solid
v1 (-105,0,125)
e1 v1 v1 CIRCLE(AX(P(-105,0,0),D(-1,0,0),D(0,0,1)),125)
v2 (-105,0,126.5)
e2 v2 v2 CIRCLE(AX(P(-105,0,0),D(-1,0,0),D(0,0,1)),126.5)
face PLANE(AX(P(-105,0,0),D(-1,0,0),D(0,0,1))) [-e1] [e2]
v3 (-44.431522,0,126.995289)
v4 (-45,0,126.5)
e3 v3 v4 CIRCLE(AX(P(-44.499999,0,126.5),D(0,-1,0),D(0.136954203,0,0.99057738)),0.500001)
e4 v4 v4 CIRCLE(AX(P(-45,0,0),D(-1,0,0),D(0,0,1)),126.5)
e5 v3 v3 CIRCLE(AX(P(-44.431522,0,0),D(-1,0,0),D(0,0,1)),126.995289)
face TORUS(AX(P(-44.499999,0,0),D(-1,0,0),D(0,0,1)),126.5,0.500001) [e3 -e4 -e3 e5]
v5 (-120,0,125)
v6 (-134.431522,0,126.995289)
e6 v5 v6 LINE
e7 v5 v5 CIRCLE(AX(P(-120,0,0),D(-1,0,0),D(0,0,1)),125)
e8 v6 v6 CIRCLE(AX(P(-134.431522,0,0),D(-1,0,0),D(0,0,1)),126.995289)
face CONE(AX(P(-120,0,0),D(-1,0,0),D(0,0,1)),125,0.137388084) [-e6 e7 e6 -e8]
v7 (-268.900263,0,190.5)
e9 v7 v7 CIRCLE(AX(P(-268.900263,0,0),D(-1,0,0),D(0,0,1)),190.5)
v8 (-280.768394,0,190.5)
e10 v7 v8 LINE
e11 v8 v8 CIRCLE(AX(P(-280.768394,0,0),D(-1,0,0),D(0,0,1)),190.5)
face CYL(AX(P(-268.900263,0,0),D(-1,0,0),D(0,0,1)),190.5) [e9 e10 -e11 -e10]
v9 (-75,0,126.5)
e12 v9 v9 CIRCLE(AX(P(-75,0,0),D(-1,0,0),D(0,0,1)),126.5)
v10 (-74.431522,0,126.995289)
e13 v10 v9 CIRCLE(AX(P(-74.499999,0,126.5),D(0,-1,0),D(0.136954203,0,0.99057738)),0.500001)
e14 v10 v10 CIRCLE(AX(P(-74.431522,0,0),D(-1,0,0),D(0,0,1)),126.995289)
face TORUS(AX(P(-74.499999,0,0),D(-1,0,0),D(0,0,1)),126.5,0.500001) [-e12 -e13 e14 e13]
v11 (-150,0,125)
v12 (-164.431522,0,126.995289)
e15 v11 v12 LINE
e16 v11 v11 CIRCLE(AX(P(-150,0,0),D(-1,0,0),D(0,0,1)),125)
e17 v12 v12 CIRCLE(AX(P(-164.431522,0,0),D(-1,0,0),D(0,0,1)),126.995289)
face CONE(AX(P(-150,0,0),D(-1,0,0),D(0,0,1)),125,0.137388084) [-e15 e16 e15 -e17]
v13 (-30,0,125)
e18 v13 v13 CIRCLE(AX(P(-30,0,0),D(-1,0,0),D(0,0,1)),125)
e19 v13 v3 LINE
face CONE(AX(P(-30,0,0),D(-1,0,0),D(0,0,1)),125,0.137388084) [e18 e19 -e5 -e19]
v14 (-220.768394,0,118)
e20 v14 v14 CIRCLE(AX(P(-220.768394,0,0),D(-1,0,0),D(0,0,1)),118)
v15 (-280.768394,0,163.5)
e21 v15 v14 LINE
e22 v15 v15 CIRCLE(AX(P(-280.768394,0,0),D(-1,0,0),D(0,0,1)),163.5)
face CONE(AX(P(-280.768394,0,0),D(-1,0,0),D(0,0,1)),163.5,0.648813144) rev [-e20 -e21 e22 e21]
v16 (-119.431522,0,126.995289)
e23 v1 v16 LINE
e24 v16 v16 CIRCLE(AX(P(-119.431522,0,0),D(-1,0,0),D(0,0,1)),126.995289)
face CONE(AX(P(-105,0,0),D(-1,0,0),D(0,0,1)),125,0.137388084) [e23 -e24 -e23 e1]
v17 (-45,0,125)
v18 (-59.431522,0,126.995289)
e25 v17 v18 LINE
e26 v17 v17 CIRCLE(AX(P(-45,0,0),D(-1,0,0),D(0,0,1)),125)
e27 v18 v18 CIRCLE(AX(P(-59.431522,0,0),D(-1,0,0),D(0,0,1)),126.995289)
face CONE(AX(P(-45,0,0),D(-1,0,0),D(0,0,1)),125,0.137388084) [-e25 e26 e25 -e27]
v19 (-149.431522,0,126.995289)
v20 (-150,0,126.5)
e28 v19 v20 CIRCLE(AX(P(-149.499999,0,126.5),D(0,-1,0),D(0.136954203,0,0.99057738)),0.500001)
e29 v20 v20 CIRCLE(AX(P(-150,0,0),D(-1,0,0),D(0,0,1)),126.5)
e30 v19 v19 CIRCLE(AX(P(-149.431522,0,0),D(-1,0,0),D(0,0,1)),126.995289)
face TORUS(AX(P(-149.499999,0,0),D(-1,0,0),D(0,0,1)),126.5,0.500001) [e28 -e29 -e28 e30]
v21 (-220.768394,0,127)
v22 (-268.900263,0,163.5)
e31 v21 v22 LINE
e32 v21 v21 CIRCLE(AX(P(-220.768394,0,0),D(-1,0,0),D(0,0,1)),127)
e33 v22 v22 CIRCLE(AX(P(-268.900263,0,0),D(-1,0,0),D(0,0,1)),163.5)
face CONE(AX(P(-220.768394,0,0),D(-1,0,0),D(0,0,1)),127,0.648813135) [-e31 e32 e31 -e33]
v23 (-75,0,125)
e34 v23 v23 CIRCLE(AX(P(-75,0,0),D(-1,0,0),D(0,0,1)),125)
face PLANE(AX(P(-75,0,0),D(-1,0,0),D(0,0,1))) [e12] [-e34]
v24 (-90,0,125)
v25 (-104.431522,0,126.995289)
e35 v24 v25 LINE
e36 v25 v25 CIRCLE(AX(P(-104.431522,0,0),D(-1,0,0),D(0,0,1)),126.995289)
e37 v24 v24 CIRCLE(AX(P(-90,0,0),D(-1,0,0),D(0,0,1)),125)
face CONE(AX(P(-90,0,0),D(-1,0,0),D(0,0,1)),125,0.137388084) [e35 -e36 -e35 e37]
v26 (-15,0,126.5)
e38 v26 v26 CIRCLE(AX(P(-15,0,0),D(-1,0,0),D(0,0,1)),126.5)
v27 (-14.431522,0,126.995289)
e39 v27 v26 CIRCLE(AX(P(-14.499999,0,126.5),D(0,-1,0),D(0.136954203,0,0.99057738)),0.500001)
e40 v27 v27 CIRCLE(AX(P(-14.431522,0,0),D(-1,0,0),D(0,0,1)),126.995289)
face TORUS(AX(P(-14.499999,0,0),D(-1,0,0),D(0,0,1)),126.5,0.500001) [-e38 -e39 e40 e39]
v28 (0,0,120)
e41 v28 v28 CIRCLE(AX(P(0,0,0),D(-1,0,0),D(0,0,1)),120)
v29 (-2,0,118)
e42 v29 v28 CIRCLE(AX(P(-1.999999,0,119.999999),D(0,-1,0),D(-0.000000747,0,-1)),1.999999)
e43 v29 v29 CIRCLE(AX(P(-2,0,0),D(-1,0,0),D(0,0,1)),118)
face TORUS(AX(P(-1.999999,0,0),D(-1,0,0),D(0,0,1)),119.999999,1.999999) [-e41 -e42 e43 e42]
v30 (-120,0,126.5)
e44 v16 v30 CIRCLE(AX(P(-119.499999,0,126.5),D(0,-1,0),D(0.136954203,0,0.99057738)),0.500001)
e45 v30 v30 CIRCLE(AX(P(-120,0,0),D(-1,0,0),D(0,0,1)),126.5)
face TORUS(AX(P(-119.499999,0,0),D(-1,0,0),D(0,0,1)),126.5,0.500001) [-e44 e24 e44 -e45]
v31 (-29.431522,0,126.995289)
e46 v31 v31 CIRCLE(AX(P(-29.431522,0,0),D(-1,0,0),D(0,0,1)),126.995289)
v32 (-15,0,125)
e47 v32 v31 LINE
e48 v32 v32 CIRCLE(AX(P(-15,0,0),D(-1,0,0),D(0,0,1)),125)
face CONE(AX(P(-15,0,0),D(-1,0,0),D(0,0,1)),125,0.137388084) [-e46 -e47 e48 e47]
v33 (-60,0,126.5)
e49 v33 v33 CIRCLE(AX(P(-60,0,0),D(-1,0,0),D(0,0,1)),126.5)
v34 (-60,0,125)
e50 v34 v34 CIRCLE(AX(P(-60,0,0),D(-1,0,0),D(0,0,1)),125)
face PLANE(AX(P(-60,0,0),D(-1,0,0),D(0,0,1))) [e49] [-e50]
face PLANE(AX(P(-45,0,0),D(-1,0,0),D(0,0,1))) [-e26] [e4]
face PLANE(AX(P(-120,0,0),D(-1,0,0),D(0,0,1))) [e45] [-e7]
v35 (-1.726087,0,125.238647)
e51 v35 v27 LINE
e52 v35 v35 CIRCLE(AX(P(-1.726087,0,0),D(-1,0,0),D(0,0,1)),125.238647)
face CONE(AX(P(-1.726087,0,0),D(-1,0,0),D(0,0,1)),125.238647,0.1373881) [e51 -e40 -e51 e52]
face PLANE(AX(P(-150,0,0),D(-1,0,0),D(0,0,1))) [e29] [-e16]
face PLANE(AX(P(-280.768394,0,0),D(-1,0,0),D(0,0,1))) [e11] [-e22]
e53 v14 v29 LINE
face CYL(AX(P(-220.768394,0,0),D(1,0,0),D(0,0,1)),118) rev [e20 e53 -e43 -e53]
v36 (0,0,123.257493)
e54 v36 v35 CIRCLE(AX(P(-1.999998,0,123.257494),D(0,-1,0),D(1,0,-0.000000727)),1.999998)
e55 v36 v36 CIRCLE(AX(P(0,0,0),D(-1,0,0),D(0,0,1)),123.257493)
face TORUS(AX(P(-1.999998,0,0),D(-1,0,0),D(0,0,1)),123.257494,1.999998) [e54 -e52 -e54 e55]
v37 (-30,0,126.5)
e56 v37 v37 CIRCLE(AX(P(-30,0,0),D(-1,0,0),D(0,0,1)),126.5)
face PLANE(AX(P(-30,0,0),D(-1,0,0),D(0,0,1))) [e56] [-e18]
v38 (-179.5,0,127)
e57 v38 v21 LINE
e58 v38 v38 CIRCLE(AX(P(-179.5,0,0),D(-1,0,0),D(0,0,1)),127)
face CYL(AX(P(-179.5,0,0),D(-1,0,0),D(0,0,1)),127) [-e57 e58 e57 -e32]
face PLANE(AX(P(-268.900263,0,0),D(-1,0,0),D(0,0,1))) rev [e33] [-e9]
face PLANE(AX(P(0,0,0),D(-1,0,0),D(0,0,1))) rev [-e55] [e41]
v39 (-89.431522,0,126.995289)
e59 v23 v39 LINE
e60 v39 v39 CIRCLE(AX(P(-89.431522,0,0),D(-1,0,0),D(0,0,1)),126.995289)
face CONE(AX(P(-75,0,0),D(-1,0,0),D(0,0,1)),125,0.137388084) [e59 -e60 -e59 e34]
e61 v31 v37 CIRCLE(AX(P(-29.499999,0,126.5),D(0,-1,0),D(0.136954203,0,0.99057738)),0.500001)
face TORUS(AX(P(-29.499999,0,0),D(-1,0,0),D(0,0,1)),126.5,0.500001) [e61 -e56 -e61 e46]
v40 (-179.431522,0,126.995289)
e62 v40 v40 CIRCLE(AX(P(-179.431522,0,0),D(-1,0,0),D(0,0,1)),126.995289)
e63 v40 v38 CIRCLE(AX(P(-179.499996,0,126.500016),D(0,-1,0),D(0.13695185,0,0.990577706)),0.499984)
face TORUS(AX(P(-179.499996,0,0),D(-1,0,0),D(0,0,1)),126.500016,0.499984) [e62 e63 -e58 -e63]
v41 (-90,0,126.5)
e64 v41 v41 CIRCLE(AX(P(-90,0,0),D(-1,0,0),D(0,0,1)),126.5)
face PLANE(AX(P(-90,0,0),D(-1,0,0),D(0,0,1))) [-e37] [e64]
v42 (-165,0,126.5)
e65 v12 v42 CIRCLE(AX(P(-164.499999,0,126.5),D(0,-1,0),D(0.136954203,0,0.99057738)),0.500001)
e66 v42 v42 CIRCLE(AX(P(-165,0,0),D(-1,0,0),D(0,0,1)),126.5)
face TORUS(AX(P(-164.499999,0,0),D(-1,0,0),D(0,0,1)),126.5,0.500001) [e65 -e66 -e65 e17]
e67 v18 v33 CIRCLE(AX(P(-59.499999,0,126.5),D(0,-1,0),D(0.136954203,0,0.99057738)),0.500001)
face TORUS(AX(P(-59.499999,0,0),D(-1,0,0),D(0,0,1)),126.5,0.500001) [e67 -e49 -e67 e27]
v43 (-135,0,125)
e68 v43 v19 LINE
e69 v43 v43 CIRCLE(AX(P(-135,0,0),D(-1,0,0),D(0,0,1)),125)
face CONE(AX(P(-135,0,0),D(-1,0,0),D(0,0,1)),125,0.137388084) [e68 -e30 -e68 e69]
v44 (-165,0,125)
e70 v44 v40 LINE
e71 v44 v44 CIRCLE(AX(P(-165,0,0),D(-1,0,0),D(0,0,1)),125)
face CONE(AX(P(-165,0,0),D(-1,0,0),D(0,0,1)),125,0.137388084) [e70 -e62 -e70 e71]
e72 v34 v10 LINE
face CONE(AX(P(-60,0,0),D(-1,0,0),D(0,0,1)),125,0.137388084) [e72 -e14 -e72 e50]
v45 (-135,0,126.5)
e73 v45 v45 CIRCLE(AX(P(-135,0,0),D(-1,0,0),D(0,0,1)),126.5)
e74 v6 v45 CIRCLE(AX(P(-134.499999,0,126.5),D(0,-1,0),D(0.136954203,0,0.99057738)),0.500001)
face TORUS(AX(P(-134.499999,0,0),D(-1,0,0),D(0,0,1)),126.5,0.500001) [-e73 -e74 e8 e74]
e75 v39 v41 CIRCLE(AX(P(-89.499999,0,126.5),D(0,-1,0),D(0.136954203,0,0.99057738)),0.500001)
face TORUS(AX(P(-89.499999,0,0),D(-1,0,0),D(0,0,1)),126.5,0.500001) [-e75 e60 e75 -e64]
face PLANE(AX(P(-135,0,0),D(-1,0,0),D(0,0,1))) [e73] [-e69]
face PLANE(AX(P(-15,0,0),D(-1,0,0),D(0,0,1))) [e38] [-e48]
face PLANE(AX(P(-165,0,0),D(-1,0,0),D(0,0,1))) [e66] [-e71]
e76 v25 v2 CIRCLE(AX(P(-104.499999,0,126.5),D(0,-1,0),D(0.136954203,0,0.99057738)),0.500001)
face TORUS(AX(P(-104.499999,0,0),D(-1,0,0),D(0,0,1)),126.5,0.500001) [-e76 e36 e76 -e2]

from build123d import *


with BuildPart() as f2:
    # F0 (on Front) → F2 (revolve)
    with BuildSketch(Plane.XZ):
        with BuildLine():
            ThreePointArc((0, 123.257493), (-0.49205, 124.5713), (-1.726087, 125.238647))
            Line((-1.726087, 125.238647), (-14.431522, 126.995289))
            ThreePointArc((-14.431522, 126.995289), (-14.828452, 126.876987), (-15, 126.5))
            Line((-15, 126.5), (-15, 125))
            Line((-15, 125), (-29.431522, 126.995289))
            ThreePointArc((-29.431522, 126.995289), (-29.828452, 126.876987), (-30, 126.5))
            Line((-30, 126.5), (-30, 125))
            Line((-30, 125), (-44.431522, 126.995289))
            ThreePointArc((-44.431522, 126.995289), (-44.828452, 126.876987), (-45, 126.5))
            Line((-45, 126.5), (-45, 125))
            Line((-45, 125), (-59.431522, 126.995289))
            ThreePointArc((-59.431522, 126.995289), (-59.828452, 126.876987), (-60, 126.5))
            Line((-60, 126.5), (-60, 125))
            Line((-60, 125), (-74.431522, 126.995289))
            ThreePointArc((-74.431522, 126.995289), (-74.828452, 126.876987), (-75, 126.5))
            Line((-75, 126.5), (-75, 125))
            Line((-75, 125), (-89.431522, 126.995289))
            ThreePointArc((-89.431522, 126.995289), (-89.828452, 126.876987), (-90, 126.5))
            Line((-90, 126.5), (-90, 125))
            Line((-90, 125), (-104.431522, 126.995289))
            ThreePointArc((-104.431522, 126.995289), (-104.828452, 126.876987), (-105, 126.5))
            Line((-105, 126.5), (-105, 125))
            Line((-105, 125), (-119.431522, 126.995289))
            ThreePointArc((-119.431522, 126.995289), (-119.828452, 126.876987), (-120, 126.5))
            Line((-120, 126.5), (-120, 125))
            Line((-120, 125), (-134.431522, 126.995289))
            ThreePointArc((-134.431522, 126.995289), (-134.828452, 126.876987), (-135, 126.5))
            Line((-135, 126.5), (-135, 125))
            Line((-135, 125), (-149.431522, 126.995289))
            ThreePointArc((-149.431522, 126.995289), (-149.828452, 126.876987), (-150, 126.5))
            Line((-150, 126.5), (-150, 125))
            Line((-150, 125), (-164.431522, 126.995289))
            ThreePointArc((-164.431522, 126.995289), (-164.828452, 126.876987), (-165, 126.5))
            Line((-165, 126.5), (-165, 125))
            Line((-165, 125), (-179.431522, 126.995289))
            ThreePointArc((-179.431522, 126.995289), (-179.46568, 126.998821), (-179.5, 127))
            Line((-179.5, 127), (-220.768394, 127))
            Line((-220.768394, 127), (-268.900263, 163.5))
            Line((-268.900263, 163.5), (-268.900263, 190.5))
            Line((-268.900263, 190.5), (-280.768394, 190.5))
            Line((-280.768394, 190.5), (-280.768394, 163.5))
            Line((-280.768394, 163.5), (-220.768394, 118))
            Line((-220.768394, 118), (-2, 118))
            ThreePointArc((-2, 118), (-0.585786, 118.585786), (0, 120))
            Line((0, 120), (0, 123.257493))
        make_face()
    revolve(axis=Axis((-145.232512, 0, 0), (-1, 0, 0)))


solid = f2.part
